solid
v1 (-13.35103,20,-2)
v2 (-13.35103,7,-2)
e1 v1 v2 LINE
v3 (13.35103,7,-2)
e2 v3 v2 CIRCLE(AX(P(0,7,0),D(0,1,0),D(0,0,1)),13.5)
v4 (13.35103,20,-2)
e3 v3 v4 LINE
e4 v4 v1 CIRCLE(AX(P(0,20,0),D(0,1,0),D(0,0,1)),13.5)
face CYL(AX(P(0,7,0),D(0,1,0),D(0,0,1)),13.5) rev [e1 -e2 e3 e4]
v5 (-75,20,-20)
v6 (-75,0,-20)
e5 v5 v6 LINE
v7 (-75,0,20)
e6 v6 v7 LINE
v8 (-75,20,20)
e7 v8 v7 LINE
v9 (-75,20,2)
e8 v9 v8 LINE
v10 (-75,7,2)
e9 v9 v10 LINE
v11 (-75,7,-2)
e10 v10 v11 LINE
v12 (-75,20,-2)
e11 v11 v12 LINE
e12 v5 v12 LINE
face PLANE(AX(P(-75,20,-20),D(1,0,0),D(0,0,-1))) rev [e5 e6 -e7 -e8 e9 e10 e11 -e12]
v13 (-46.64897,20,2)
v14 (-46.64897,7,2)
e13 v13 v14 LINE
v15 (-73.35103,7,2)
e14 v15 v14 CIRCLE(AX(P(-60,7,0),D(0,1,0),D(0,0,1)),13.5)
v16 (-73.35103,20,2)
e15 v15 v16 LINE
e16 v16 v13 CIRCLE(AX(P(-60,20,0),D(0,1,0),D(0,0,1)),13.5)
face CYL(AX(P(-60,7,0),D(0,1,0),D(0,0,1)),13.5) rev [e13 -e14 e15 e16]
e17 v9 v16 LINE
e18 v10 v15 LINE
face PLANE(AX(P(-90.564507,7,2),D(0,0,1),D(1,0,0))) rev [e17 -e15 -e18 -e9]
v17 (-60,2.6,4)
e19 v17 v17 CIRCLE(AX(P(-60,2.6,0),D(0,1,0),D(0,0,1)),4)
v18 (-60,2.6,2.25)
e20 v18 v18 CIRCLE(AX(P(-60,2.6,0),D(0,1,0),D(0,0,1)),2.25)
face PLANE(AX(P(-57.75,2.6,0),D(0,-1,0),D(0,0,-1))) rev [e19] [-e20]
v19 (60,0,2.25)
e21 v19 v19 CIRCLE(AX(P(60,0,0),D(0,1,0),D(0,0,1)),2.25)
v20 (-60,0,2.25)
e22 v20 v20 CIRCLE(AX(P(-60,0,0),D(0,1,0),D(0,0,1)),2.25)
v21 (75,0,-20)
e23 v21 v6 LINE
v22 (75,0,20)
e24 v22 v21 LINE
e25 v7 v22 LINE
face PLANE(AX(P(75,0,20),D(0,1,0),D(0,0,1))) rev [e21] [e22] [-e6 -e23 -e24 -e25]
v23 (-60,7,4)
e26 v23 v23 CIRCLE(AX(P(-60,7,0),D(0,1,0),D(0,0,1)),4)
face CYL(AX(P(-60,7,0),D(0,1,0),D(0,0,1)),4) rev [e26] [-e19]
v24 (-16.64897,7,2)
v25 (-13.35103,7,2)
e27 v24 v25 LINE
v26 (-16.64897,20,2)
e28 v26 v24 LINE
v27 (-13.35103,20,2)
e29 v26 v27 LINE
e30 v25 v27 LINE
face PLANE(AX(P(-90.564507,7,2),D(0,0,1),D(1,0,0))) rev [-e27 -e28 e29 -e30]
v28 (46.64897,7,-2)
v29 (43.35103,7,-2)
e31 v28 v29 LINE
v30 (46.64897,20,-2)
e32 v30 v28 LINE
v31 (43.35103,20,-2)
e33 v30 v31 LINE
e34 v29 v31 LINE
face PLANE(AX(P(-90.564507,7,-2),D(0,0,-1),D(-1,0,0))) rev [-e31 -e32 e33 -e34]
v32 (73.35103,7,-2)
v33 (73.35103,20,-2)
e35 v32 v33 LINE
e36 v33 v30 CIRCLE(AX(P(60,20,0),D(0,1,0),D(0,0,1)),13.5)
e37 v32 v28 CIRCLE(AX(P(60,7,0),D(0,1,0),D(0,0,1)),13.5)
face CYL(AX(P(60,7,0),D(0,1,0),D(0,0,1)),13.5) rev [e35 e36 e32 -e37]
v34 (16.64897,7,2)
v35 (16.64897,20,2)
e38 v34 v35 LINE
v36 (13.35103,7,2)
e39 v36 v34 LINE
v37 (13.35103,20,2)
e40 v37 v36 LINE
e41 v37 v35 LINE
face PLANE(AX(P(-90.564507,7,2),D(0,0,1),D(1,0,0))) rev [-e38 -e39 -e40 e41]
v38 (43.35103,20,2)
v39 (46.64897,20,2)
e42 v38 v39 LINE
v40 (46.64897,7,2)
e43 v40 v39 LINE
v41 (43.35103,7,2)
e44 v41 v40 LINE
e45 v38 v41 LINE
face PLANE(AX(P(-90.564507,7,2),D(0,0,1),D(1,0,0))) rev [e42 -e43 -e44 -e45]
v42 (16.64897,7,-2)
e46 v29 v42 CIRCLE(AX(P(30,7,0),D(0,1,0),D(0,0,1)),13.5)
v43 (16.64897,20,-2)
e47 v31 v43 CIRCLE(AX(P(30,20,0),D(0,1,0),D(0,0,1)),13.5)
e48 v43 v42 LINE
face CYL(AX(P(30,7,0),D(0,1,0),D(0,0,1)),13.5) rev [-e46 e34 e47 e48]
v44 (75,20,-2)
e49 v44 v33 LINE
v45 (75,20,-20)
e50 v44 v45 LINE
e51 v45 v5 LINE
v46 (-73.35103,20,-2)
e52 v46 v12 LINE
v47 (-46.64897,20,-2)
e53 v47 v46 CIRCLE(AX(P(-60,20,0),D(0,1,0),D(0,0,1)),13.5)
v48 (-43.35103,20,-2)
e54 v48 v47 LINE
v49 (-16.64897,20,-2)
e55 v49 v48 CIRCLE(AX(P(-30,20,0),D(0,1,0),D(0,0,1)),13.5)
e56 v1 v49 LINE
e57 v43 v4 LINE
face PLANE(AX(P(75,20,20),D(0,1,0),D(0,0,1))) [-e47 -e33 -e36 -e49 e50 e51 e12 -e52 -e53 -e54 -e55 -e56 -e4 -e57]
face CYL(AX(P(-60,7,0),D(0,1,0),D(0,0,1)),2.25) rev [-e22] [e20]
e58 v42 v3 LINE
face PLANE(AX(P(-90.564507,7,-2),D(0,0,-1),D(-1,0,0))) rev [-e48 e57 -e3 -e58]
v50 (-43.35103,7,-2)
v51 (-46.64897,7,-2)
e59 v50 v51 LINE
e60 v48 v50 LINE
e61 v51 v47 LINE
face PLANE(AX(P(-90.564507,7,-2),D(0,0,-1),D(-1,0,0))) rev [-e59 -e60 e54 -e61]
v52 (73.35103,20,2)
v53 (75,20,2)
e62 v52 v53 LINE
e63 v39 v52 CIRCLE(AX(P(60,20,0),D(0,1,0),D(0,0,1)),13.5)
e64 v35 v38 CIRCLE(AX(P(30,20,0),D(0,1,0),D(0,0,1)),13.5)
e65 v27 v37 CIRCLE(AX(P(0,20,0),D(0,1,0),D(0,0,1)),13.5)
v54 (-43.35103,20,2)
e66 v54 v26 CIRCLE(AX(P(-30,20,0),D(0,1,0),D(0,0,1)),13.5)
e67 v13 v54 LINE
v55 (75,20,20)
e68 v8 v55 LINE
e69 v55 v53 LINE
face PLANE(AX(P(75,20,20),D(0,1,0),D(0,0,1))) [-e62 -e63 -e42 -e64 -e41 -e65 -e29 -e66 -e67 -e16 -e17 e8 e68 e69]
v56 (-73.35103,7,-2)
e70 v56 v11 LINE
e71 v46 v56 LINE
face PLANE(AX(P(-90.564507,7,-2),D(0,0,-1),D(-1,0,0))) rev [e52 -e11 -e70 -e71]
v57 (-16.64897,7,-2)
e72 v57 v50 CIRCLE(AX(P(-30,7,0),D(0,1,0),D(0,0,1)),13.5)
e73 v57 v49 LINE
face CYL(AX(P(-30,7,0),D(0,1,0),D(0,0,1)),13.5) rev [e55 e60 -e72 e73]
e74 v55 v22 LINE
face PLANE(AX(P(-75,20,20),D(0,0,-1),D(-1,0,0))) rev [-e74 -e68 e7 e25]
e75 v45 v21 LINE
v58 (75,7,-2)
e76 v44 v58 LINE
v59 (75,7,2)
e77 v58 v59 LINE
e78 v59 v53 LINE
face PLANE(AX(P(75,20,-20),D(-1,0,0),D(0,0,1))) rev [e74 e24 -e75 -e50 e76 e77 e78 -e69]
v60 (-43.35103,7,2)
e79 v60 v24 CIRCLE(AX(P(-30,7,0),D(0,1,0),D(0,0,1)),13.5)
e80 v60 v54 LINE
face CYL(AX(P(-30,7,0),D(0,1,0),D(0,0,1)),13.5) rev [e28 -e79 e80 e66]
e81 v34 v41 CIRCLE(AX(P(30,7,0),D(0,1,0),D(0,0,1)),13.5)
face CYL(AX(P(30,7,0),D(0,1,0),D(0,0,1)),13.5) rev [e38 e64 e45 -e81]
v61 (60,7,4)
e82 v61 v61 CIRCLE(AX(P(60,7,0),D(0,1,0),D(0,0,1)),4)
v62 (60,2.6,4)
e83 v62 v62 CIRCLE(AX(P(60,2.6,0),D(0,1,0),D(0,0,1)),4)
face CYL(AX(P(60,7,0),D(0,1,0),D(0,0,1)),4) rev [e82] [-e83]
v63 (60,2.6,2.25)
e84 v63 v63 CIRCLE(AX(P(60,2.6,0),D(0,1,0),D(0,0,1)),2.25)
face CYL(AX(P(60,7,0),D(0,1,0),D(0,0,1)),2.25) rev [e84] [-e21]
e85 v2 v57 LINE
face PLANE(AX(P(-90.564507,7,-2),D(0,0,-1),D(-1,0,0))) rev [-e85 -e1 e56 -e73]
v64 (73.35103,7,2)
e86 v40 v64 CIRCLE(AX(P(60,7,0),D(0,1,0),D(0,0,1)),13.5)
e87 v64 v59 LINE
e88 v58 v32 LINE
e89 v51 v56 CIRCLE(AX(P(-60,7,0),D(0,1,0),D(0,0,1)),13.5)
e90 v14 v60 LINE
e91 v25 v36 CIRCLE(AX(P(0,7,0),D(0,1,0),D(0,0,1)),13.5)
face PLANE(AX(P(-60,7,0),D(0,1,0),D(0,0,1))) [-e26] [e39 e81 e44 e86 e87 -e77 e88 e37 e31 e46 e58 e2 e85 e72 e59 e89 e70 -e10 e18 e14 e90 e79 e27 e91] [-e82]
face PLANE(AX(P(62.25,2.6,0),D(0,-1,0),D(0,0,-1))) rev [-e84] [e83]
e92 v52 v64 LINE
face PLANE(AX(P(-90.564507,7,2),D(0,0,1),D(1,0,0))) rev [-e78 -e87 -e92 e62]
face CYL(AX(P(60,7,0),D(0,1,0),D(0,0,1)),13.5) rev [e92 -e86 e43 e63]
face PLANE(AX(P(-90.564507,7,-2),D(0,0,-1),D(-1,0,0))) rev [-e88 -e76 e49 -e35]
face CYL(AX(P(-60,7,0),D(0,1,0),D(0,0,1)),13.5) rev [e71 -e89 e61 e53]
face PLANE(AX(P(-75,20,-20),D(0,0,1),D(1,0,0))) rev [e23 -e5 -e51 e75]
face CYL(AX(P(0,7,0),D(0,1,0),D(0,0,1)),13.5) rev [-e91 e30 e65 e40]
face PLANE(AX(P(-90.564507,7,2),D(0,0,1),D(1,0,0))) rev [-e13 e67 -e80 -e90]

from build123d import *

# Parameters (mm, degrees)
SKETCH2_W                                           = 150
SKETCH2_H                                           = 40
BOSS_EXTRUDE1_DEPTH                                 = 20
SKETCH3_R                                           = 13.5
CUT_EXTRUDE1_DEPTH                                  = 13
LPATTERN1_COUNT                                     = 5
LPATTERN1_PITCH                                     = 30
CBORE_FOR_M4_HEX_SOCKET_HEAD_CAP_SCREW1_D           = 4.5
CBORE_FOR_M4_HEX_SOCKET_HEAD_CAP_SCREW1_CBORE_D     = 8
CBORE_FOR_M4_HEX_SOCKET_HEAD_CAP_SCREW1_CBORE_DEPTH = 4.4
LPATTERN2_COUNT                                     = 2
LPATTERN2_PITCH                                     = 120
SKETCH7_W                                           = 181.12901383
SKETCH7_H                                           = 4
CUT_EXTRUDE3_DEPTH                                  = 13


with BuildPart() as part:
    # Sketch2 → Boss-Extrude1 (new body)
    with BuildSketch(Plane(origin=(0, 0, 0), x_dir=(1, 0, 0), z_dir=(0, 1, 0))):
        Rectangle(SKETCH2_W, SKETCH2_H)
    extrude(amount=BOSS_EXTRUDE1_DEPTH)

    # Sketch3 → Cut-Extrude1 (cut)
    with BuildSketch(Plane(origin=(0, 20, 0), x_dir=(1, 0, 0), z_dir=(0, 1, 0))):
        with Locations(Location((-60, 0, 0), (0, 0, 270))):
            Circle(SKETCH3_R)
    cut_extrude1 = extrude(amount=-CUT_EXTRUDE1_DEPTH, mode=Mode.SUBTRACT)

    # LPattern1: Cut-Extrude1 ×5
    with Locations(*[(i * LPATTERN1_PITCH, 0, 0) for i in range(1, LPATTERN1_COUNT)]):
        add(cut_extrude1, mode=Mode.SUBTRACT)

    # CBORE for M4 Hex Socket Head Cap Screw1 (through all)
    with Locations(Plane(origin=(0, 7, 0), x_dir=(-1, 0, 0), z_dir=(0, 1, 0))):
        with Locations((60, 0)):
            cbore_for_m4_hex_socket_head_cap_screw1 = CounterBoreHole(CBORE_FOR_M4_HEX_SOCKET_HEAD_CAP_SCREW1_D / 2, CBORE_FOR_M4_HEX_SOCKET_HEAD_CAP_SCREW1_CBORE_D / 2, CBORE_FOR_M4_HEX_SOCKET_HEAD_CAP_SCREW1_CBORE_DEPTH)

    # LPattern2: CBORE for M4 Hex Socket Head Cap Screw1 ×2
    with Locations(*[(i * LPATTERN2_PITCH, 0, 0) for i in range(1, LPATTERN2_COUNT)]):
        add(cbore_for_m4_hex_socket_head_cap_screw1, mode=Mode.SUBTRACT)

    # Sketch7 → Cut-Extrude3 (cut)
    with BuildSketch(Plane(origin=(0, 20, 0), x_dir=(1, 0, 0), z_dir=(0, 1, 0))):
        Rectangle(SKETCH7_W, SKETCH7_H)
    extrude(amount=-CUT_EXTRUDE3_DEPTH, mode=Mode.SUBTRACT)


solid = part.part
